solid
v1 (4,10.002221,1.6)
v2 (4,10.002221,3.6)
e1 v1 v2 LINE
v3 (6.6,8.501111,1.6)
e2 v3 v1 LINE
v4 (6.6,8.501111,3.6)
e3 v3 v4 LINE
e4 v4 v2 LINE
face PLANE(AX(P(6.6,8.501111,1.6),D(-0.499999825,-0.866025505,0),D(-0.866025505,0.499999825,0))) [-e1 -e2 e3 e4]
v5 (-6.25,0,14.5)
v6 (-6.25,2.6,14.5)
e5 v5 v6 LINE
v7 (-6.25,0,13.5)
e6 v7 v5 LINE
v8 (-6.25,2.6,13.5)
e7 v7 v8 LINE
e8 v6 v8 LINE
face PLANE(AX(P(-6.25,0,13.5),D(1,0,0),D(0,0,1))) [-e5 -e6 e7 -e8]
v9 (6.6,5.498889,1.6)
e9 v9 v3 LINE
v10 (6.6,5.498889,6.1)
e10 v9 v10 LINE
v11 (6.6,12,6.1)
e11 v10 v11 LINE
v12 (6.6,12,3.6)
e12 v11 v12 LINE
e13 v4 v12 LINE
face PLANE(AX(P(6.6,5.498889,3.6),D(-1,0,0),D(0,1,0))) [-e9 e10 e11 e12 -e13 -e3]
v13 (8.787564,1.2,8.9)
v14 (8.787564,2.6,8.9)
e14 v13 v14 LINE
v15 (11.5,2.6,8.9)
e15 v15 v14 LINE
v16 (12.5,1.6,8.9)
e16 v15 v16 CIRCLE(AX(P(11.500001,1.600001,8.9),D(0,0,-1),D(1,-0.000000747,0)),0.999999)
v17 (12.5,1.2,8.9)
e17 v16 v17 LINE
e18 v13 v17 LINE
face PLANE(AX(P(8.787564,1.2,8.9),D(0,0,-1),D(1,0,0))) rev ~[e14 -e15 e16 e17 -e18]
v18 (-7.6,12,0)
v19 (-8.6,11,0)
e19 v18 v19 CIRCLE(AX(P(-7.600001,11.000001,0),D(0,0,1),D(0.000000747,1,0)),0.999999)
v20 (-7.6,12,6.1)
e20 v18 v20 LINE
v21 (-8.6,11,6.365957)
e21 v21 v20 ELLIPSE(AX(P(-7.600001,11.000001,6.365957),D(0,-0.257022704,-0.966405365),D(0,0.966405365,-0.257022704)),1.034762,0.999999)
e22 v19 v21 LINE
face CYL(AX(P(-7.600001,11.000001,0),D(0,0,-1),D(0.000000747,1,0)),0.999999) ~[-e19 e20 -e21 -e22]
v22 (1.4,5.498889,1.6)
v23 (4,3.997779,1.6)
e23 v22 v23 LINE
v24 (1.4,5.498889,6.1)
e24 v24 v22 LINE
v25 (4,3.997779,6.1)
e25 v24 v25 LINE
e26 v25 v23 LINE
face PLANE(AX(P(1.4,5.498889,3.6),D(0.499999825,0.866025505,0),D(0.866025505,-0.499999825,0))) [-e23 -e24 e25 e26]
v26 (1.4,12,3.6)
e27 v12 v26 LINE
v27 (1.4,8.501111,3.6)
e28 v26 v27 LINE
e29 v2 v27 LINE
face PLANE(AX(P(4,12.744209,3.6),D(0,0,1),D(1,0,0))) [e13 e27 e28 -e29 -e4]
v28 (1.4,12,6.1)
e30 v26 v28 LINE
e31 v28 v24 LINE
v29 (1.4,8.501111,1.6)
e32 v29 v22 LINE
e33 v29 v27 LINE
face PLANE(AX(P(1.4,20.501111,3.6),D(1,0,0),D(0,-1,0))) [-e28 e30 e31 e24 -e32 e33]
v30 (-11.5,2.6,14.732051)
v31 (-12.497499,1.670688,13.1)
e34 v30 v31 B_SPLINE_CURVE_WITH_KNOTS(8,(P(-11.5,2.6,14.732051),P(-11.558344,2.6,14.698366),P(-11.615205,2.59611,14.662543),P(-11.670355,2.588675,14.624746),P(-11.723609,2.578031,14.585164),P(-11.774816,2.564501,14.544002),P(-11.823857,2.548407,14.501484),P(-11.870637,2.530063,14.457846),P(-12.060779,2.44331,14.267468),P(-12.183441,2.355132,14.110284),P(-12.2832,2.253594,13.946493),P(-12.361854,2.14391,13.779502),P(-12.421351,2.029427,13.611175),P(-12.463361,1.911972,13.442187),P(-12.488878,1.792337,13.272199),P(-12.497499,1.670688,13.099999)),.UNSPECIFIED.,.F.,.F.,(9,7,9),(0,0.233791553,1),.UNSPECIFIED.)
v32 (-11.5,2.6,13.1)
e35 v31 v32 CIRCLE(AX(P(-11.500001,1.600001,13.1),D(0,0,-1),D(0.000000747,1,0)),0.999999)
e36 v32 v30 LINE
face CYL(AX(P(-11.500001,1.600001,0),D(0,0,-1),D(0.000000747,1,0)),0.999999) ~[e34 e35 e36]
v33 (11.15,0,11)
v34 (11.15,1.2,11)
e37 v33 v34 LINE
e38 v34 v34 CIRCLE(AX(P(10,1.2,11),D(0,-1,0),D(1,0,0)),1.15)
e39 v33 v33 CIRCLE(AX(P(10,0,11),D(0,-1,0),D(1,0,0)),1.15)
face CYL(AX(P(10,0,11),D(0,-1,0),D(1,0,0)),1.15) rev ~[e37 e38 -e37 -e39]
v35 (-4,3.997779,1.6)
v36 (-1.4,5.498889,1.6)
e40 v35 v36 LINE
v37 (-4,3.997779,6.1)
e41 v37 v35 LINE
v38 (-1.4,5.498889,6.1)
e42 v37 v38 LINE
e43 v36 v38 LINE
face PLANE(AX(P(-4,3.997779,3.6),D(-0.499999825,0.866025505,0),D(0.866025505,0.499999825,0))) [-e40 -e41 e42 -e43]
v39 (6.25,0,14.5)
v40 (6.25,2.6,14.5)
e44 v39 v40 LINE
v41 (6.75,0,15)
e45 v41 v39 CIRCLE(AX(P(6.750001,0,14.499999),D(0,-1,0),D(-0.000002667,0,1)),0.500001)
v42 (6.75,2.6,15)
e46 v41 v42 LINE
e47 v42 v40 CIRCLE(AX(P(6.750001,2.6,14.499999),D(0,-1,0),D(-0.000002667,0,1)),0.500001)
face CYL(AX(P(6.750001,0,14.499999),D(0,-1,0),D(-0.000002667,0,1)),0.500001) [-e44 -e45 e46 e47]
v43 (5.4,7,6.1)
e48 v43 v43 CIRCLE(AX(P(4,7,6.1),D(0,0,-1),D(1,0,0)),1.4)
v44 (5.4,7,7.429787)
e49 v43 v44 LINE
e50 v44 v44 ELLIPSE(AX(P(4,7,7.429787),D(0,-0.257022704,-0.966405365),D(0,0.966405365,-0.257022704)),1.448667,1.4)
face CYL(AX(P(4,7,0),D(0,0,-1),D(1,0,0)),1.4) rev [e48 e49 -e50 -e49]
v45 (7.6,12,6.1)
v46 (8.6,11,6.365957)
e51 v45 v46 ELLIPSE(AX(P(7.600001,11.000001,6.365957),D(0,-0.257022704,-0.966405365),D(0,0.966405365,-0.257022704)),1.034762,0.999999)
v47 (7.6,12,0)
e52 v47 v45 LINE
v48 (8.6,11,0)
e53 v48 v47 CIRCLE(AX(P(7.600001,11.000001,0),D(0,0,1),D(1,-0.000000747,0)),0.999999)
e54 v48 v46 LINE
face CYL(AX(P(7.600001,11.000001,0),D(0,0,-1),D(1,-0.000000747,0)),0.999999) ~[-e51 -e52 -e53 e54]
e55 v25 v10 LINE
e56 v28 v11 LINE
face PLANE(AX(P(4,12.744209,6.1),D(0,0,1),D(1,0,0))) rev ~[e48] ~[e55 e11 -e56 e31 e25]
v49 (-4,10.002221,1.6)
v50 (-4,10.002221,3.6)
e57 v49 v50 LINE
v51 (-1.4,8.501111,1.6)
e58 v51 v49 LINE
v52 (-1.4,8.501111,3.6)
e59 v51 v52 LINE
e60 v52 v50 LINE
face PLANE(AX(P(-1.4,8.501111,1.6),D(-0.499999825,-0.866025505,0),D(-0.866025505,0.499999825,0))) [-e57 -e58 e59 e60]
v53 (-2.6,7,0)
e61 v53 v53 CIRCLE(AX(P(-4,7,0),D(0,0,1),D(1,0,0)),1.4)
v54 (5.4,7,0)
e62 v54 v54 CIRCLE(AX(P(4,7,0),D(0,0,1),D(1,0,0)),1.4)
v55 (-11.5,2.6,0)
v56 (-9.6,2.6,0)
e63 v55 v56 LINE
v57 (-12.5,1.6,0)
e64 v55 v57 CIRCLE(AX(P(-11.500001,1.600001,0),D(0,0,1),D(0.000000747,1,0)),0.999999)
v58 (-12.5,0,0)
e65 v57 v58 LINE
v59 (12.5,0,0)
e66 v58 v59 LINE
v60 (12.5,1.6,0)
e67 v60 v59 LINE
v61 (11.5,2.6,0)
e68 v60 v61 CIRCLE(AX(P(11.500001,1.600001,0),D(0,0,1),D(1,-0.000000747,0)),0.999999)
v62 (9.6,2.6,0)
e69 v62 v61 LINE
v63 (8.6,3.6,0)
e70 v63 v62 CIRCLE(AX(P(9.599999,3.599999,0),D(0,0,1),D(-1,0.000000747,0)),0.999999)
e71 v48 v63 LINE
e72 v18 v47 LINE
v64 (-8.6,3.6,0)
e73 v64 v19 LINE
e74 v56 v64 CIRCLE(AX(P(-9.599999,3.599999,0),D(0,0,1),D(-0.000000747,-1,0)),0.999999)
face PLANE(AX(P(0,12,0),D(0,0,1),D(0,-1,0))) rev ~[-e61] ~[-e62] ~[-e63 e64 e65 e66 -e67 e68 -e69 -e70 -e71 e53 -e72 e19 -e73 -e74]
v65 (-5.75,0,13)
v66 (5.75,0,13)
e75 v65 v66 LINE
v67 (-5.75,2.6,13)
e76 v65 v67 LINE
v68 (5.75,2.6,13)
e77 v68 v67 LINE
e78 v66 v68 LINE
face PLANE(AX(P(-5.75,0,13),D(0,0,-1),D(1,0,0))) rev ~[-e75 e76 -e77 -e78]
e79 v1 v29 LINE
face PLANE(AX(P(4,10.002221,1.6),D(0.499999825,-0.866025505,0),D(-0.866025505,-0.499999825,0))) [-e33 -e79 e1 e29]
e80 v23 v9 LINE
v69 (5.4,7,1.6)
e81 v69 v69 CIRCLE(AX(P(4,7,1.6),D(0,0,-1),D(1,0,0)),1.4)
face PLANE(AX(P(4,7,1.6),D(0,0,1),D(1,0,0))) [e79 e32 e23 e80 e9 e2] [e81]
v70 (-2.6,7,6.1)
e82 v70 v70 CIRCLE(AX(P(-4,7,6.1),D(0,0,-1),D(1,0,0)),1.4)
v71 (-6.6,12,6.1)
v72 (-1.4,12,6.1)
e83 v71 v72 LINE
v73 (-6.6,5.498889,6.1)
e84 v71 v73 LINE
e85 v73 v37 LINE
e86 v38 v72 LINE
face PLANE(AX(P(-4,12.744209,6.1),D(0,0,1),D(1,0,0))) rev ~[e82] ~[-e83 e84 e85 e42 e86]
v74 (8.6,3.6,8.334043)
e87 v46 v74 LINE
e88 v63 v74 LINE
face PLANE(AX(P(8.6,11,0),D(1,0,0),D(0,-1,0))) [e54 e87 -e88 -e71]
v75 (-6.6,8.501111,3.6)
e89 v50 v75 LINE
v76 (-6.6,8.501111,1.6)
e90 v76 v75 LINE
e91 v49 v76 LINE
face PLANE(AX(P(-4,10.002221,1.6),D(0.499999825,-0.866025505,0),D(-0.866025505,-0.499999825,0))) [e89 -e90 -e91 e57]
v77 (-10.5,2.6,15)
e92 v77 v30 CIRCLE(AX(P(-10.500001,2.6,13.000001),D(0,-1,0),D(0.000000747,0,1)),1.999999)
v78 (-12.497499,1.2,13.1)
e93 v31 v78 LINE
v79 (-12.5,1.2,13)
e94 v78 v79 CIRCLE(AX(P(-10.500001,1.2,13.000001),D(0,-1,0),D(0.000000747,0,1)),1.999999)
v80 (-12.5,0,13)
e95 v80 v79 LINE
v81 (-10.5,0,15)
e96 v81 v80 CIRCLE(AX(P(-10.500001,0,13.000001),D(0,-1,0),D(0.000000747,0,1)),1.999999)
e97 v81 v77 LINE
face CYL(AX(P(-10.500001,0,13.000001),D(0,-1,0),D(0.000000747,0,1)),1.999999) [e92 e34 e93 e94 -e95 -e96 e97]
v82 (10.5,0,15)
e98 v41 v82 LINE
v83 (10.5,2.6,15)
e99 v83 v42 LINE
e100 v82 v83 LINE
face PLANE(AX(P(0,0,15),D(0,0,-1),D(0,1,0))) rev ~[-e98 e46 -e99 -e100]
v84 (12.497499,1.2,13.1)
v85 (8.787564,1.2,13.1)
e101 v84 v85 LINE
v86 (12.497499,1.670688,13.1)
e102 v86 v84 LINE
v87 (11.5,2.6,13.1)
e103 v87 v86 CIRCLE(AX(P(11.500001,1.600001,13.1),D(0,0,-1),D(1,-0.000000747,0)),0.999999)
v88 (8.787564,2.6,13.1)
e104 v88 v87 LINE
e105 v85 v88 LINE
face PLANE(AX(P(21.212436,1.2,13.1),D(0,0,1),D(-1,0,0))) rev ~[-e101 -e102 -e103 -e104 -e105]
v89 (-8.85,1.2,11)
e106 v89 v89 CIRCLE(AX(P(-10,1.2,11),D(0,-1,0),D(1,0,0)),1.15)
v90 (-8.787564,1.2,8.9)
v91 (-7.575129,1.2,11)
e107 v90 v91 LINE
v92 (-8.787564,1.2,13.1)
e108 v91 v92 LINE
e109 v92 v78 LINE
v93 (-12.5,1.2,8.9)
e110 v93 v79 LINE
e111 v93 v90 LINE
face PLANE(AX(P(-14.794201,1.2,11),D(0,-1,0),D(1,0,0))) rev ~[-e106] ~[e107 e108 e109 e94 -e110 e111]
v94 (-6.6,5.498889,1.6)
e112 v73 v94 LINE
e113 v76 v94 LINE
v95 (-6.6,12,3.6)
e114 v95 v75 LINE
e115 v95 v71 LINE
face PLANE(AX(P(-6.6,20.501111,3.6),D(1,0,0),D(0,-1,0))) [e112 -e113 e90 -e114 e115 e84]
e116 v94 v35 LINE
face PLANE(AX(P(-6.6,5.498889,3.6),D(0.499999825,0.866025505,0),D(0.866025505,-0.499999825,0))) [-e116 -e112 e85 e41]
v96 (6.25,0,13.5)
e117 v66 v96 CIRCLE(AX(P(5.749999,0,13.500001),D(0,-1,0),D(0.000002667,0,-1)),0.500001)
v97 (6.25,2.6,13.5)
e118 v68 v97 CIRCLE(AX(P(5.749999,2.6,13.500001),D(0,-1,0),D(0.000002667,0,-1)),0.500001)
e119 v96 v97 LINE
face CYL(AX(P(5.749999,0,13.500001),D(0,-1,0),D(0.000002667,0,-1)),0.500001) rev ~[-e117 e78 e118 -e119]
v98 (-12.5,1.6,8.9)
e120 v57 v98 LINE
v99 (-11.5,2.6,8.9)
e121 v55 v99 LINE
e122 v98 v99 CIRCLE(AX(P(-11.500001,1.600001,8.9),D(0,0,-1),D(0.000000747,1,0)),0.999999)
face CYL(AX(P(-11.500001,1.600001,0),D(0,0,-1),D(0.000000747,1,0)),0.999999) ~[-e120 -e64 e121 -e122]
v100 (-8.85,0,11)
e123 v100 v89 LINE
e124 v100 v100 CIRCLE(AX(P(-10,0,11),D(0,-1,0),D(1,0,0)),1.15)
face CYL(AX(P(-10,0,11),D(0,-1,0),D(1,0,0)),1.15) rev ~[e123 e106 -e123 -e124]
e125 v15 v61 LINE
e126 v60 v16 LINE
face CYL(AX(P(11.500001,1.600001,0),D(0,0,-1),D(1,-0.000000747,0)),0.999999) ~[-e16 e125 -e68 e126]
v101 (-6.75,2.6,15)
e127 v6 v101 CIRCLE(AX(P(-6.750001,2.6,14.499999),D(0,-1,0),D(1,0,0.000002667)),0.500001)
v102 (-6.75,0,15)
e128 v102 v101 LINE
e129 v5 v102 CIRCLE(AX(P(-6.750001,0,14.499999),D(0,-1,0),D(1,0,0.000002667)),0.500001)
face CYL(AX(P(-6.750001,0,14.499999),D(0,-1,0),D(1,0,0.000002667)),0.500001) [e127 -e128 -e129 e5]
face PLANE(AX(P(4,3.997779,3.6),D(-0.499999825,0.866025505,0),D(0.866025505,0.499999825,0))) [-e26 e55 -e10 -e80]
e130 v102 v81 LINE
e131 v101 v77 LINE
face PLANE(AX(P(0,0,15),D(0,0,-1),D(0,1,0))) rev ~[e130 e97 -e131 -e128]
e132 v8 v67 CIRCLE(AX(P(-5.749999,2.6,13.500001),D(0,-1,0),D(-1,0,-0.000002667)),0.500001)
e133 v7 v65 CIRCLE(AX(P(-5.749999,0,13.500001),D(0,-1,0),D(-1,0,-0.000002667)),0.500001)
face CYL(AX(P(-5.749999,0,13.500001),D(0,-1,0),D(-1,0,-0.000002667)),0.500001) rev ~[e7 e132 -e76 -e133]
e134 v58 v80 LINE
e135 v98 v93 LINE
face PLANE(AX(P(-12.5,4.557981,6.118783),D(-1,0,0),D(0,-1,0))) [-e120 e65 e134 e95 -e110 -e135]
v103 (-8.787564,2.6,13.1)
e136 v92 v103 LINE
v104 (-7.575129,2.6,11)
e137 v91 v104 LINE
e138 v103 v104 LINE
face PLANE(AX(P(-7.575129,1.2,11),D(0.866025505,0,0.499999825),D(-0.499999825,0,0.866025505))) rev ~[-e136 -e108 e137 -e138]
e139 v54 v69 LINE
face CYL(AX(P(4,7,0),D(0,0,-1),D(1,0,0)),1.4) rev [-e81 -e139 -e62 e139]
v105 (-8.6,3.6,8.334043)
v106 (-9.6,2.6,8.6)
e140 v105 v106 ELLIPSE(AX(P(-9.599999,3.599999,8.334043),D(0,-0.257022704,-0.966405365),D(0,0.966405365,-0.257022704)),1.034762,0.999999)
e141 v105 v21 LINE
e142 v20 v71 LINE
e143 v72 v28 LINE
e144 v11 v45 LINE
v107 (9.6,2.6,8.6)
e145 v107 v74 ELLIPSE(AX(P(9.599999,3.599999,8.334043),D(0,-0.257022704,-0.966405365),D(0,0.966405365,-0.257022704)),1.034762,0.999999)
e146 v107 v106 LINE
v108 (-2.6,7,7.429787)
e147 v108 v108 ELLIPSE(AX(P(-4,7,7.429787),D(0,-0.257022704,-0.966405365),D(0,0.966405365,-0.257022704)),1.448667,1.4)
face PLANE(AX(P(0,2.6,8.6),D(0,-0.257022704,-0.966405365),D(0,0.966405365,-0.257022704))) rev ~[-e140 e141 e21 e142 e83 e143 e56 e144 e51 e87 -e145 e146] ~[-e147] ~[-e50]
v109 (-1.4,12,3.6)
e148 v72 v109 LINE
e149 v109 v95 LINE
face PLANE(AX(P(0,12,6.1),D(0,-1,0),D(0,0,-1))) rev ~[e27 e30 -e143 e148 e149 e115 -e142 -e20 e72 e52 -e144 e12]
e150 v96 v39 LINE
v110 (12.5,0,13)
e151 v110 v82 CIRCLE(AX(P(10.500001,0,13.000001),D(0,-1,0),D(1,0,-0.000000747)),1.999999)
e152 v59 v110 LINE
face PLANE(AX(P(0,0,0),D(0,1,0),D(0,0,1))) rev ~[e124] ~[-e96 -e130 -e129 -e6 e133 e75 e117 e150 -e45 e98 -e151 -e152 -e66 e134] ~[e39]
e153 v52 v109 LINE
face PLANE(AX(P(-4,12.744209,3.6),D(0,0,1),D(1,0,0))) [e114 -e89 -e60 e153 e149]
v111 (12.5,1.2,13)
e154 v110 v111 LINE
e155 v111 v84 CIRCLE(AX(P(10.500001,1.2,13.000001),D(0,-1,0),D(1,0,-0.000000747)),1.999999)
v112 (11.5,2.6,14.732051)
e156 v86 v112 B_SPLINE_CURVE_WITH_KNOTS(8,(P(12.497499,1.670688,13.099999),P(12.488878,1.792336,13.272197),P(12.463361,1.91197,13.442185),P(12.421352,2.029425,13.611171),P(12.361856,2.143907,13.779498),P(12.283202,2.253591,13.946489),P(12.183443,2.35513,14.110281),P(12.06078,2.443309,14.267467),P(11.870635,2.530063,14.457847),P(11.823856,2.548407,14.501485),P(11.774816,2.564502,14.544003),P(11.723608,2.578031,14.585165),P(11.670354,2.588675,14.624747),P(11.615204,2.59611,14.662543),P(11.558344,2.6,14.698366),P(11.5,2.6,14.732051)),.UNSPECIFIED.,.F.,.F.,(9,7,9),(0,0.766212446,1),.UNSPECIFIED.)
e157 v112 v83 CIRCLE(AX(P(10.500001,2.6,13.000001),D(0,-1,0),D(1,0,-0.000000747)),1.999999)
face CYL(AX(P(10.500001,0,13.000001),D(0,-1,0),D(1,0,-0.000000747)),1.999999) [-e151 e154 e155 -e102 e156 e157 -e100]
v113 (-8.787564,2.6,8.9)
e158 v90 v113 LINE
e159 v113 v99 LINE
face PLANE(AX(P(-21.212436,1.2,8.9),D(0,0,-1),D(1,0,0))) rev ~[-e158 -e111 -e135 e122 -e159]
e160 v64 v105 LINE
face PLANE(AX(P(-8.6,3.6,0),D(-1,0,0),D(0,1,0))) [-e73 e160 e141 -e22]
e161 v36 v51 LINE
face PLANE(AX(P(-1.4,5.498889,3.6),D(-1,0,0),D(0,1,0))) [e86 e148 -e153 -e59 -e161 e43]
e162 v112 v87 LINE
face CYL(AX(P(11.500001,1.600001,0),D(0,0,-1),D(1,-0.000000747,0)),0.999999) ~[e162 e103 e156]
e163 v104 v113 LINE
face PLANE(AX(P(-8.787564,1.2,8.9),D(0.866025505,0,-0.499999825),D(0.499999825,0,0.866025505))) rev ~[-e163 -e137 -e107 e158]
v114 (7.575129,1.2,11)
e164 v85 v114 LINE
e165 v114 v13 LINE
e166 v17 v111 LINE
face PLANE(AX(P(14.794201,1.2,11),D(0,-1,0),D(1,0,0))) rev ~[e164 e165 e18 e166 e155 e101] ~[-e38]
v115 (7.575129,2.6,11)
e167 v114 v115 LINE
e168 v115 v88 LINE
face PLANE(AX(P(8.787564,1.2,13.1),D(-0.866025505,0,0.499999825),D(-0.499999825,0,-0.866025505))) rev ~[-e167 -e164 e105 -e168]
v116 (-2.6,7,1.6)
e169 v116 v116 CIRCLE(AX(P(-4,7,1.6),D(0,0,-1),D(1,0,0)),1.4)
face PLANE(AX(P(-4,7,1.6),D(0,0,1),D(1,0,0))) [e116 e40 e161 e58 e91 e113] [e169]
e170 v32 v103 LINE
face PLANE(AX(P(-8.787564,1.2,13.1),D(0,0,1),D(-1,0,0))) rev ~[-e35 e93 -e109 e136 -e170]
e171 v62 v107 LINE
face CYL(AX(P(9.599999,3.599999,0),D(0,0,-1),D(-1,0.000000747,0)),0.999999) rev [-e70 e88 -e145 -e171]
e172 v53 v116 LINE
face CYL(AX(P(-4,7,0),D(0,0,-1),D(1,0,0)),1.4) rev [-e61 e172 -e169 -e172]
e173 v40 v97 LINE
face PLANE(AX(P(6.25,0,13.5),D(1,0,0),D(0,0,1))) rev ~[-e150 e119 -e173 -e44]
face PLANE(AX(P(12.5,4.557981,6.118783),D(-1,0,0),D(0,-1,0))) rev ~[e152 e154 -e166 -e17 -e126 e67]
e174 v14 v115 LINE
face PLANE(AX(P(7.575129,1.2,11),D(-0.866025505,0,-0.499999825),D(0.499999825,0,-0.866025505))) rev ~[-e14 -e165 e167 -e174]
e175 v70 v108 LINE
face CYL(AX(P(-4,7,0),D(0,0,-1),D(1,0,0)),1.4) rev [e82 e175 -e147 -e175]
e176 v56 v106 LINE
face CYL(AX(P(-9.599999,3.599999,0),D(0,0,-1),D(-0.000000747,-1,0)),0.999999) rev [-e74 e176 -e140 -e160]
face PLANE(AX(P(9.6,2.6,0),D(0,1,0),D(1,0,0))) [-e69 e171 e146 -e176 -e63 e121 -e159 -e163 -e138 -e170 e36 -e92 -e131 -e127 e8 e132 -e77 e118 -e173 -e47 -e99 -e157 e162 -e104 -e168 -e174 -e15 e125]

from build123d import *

# Parameters (mm, degrees)
PAD010_DEPTH    = 12.5
SKETCH018_R     = 1.4
POCKET006_DEPTH = 15.001
POCKET007_DEPTH = 2
POCKET008_DEPTH = 2.5
POCKET009_DEPTH = 15.001
SKETCH023_R     = 1.15
POCKET010_DEPTH = 12.001
POCKET011_DEPTH = 10.801
POCKET012_DEPTH = 12.001


with BuildPart() as part:
    # Sketch016 → Pad010 (new body, symmetric)
    with BuildSketch(Plane.YZ):
        Polygon((0, 0), (0, 15), (2.6, 15), (2.6, 8.6), (12, 6.1), (12, 0), align=None)
    extrude(amount=PAD010_DEPTH, both=True)

    # Sketch018 → Pocket006 (cut, through all)
    with BuildSketch(Plane.XY):
        with Locations((-4, 7)):
            Circle(SKETCH018_R)
        with Locations((4, 7)):
            Circle(SKETCH018_R)
    extrude(amount=POCKET006_DEPTH, mode=Mode.SUBTRACT)

    # Sketch019 (on DatumPlane) → Pocket007 (cut)
    with BuildSketch(Plane.XY.offset(1.6)):
        Polygon((-4, 10.002221), (-6.6, 8.501111), (-6.6, 5.498889), (-4, 3.997779), (-1.4, 5.498889), (-1.4, 8.501111), align=None)
        Polygon((4, 10.002221), (1.4, 8.501111), (1.4, 5.498889), (4, 3.997779), (6.6, 5.498889), (6.6, 8.501111), align=None)
    extrude(amount=POCKET007_DEPTH, mode=Mode.SUBTRACT)

    # Sketch020 (on DatumPlane) → Pocket008 (cut)
    with BuildSketch(Plane.XY.offset(3.6)):
        Polygon((-4, 3.997779), (-1.4, 5.498889), (-1.4, 8.501111), (-1.4, 20.501111), (-6.6, 20.501111), (-6.6, 8.501111), (-6.6, 5.498889), align=None)
        Polygon((4, 3.997779), (6.6, 5.498889), (6.6, 8.501111), (6.6, 20.501111), (1.4, 20.501111), (1.4, 8.501111), (1.4, 5.498889), align=None)
    extrude(amount=POCKET008_DEPTH, mode=Mode.SUBTRACT)

    # Sketch021 → Pocket009 (cut, through all)
    with BuildSketch(Plane.XY):
        with BuildLine():
            Line((-12.5, 0), (-12.5, 1.6))
            ThreePointArc((-11.5, 2.6), (-12.207107, 2.307107), (-12.5, 1.6))
            Line((-11.5, 2.6), (-9.6, 2.6))
            ThreePointArc((-9.6, 2.6), (-8.892893, 2.892893), (-8.6, 3.6))
            Line((-8.6, 3.6), (-8.6, 11))
            ThreePointArc((-7.6, 12), (-8.307107, 11.707107), (-8.6, 11))
            Line((-7.6, 12), (7.6, 12))
            ThreePointArc((8.6, 11), (8.307107, 11.707107), (7.6, 12))
            Line((8.6, 11), (8.6, 3.6))
            ThreePointArc((8.6, 3.6), (8.892893, 2.892893), (9.6, 2.6))
            Line((9.6, 2.6), (11.5, 2.6))
            ThreePointArc((12.5, 1.6), (12.207107, 2.307107), (11.5, 2.6))
            Line((12.5, 1.6), (12.5, 0))
            Line((12.5, 0), (22.5, 0))
            Line((22.5, 0), (22.5, 22))
            Line((22.5, 22), (-22.5, 22))
            Line((-22.5, 22), (-22.5, 0))
            Line((-12.5, 0), (-22.5, 0))
        make_face()
    extrude(amount=POCKET009_DEPTH, mode=Mode.SUBTRACT)

    # Sketch023 → Pocket010 (cut, through all)
    with BuildSketch(Plane.XZ):
        with Locations((-10, 11)):
            Circle(SKETCH023_R)
        with Locations((10, 11)):
            Circle(SKETCH023_R)
    extrude(amount=-POCKET010_DEPTH, mode=Mode.SUBTRACT)

    # Sketch024 (on DatumPlane) → Pocket011 (cut, through all)
    with BuildSketch(Plane.XZ.offset(-1.2)):
        Polygon((7.575129, 11), (8.787564, 8.9), (11.212436, 8.9), (21.212436, 8.9), (21.212436, 13.1), (11.212436, 13.1), (8.787564, 13.1), align=None)
        Polygon((-7.575129, 11), (-8.787564, 13.1), (-11.212436, 13.1), (-21.212436, 13.1), (-21.212436, 8.9), (-11.212436, 8.9), (-8.787564, 8.9), align=None)
    extrude(amount=-POCKET011_DEPTH, mode=Mode.SUBTRACT)

    # Sketch025 → Pocket012 (cut, through all)
    with BuildSketch(Plane.XZ):
        with BuildLine():
            Line((-12.5, 0), (-12.5, 13))
            ThreePointArc((-10.5, 15), (-11.914214, 14.414214), (-12.5, 13))
            Line((-6.75, 15), (-10.5, 15))
            ThreePointArc((-6.25, 14.5), (-6.396447, 14.853553), (-6.75, 15))
            Line((-6.25, 13.5), (-6.25, 14.5))
            ThreePointArc((-6.25, 13.5), (-6.103553, 13.146447), (-5.75, 13))
            Line((-5.75, 13), (5.75, 13))
            ThreePointArc((5.75, 13), (6.103553, 13.146447), (6.25, 13.5))
            Line((6.25, 13.5), (6.25, 14.5))
            ThreePointArc((6.75, 15), (6.396447, 14.853553), (6.25, 14.5))
            Line((6.75, 15), (10.5, 15))
            ThreePointArc((12.5, 13), (11.914214, 14.414214), (10.5, 15))
            Line((12.5, 13), (12.5, 0))
            Line((12.5, 0), (17.5, 0))
            Line((17.5, 0), (17.5, 20))
            Line((17.5, 20), (-17.5, 20))
            Line((-17.5, 20), (-17.5, 0))
            Line((-17.5, 0), (-12.5, 0))
        make_face()
    extrude(amount=-POCKET012_DEPTH, mode=Mode.SUBTRACT)


solid = part.part
